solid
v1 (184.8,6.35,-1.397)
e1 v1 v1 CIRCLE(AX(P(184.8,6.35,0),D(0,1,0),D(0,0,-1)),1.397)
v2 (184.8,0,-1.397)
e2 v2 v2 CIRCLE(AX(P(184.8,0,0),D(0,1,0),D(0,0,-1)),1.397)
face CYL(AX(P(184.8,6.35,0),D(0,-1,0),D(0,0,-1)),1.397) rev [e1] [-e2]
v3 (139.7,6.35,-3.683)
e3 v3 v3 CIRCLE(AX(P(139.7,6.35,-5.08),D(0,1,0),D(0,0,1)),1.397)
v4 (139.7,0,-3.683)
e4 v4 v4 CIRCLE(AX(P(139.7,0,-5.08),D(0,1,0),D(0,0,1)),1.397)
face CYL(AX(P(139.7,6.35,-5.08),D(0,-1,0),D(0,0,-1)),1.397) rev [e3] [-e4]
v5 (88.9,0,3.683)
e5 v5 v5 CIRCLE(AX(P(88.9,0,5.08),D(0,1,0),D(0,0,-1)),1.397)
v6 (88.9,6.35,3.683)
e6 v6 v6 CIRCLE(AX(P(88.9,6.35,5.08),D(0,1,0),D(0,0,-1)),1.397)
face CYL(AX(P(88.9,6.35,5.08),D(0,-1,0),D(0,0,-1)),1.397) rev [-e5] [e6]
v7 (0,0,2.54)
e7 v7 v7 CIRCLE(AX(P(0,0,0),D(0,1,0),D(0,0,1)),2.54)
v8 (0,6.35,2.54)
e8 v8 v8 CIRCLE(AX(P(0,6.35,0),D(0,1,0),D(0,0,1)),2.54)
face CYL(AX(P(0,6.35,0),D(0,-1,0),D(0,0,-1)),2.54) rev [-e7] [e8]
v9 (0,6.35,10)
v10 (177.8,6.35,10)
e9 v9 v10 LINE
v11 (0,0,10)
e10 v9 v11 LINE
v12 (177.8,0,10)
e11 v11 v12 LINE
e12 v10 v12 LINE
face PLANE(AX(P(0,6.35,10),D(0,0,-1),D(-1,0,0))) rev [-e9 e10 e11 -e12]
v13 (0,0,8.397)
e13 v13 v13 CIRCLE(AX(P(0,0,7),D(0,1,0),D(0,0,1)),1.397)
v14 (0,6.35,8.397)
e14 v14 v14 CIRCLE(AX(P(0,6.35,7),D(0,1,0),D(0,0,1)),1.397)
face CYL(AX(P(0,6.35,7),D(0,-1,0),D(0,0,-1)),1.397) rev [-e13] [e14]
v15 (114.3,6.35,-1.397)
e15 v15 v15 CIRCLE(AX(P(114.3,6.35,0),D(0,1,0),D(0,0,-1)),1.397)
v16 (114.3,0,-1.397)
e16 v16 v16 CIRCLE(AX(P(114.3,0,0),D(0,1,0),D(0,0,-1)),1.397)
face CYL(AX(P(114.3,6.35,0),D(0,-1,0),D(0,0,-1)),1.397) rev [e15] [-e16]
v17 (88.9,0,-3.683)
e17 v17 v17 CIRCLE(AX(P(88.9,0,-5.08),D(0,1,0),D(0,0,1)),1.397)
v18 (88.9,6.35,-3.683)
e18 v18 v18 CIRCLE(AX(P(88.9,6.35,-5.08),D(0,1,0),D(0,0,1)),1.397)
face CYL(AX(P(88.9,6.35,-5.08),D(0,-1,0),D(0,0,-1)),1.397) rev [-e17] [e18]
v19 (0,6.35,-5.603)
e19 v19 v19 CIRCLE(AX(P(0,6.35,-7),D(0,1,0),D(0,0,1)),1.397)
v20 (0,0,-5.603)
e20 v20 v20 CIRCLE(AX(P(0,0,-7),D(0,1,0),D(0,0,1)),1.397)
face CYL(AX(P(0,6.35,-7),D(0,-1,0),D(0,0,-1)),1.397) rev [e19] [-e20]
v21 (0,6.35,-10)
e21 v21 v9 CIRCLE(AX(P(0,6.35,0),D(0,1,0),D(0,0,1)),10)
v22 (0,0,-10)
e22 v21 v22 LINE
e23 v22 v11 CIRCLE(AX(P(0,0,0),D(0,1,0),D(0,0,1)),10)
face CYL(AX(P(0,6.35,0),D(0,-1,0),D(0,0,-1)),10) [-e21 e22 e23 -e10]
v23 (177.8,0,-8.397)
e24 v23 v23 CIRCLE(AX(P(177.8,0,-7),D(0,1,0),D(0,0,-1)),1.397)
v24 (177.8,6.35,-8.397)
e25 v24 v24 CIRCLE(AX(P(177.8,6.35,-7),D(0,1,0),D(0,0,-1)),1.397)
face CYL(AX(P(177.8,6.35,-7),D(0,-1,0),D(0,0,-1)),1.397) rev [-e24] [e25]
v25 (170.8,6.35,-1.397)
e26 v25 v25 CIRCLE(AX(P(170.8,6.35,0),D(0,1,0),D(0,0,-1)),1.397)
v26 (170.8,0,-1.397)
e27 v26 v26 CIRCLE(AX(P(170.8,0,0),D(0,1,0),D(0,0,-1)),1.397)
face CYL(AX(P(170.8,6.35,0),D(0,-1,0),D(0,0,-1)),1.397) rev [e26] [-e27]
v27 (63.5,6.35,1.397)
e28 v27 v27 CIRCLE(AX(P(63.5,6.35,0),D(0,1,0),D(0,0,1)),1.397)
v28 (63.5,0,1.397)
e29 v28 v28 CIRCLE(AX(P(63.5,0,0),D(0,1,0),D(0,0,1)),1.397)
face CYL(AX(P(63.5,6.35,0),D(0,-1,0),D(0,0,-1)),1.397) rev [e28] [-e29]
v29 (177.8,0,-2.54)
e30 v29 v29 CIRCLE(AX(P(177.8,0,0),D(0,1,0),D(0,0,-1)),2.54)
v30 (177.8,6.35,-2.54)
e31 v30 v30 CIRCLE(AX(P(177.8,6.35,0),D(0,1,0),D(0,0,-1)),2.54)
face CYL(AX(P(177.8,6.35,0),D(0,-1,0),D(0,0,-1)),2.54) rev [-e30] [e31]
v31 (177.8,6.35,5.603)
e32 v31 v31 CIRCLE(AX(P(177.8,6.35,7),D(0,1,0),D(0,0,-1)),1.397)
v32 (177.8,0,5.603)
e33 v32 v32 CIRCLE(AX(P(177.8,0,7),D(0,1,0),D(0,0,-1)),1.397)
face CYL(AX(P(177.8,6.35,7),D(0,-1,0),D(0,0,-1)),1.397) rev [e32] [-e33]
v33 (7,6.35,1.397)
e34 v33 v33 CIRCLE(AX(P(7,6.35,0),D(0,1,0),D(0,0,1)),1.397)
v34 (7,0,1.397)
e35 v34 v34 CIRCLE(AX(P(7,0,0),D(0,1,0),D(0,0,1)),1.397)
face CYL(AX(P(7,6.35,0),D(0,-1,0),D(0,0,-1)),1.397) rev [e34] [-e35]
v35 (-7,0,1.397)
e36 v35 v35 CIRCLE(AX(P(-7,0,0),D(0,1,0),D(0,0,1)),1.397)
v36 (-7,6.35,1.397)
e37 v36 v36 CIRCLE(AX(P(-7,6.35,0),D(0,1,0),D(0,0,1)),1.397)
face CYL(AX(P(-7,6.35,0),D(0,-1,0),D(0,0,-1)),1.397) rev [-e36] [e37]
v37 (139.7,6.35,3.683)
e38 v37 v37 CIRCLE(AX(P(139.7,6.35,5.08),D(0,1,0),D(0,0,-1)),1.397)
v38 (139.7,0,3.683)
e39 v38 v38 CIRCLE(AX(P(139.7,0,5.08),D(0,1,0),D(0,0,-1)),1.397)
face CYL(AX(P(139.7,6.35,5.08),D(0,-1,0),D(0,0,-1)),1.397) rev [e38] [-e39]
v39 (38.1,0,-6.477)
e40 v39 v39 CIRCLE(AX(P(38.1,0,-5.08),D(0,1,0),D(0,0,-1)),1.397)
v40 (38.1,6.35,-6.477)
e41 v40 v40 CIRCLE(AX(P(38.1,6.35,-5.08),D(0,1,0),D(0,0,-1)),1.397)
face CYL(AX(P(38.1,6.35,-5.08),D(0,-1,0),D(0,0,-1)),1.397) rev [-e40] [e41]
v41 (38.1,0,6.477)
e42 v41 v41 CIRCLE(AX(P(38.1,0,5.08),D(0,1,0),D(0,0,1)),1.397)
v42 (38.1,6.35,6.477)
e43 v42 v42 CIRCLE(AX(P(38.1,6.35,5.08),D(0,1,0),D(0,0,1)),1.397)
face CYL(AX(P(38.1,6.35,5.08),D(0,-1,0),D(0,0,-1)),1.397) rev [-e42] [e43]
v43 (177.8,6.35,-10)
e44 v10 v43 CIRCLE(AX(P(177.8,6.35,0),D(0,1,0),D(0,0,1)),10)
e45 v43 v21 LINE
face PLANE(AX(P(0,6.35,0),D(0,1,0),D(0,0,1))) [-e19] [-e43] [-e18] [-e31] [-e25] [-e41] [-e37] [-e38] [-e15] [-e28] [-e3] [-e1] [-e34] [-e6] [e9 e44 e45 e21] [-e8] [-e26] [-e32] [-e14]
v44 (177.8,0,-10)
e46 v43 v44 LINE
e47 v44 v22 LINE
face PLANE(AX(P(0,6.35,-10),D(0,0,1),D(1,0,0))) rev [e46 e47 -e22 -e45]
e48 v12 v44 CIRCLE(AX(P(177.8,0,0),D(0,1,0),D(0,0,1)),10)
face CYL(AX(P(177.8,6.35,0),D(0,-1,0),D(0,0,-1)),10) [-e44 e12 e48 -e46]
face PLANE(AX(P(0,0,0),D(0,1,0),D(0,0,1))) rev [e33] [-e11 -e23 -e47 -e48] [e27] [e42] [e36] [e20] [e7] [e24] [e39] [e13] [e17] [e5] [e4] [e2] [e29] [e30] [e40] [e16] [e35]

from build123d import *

# Parameters (mm, degrees)
SKETCH1_R           = 1.397
SKETCH1_R_2         = 2.54
BOSS_EXTRUDE1_DEPTH = 6.35


with BuildPart() as part:
    # Sketch1 → Boss-Extrude1 (new body)
    with BuildSketch(Plane(origin=(0, 0, 0), x_dir=(1, 0, 0), z_dir=(0, 1, 0))):
        with BuildLine():
            Line((0, 10), (177.8, 10))
            ThreePointArc((177.8, 10), (187.8, 0), (177.8, -10))
            Line((177.8, -10), (0, -10))
            ThreePointArc((0, -10), (-10, 0), (0, 10))
        make_face()
        with Locations(Location((-7, 0, 0), (0, 0, 270))):
            Circle(SKETCH1_R, mode=Mode.SUBTRACT)
        with Locations(Location((0, 0, 0), (0, 0, 270))):
            Circle(SKETCH1_R_2, mode=Mode.SUBTRACT)
        with Locations(Location((0, 7, 0), (0, 0, 270))):
            Circle(SKETCH1_R, mode=Mode.SUBTRACT)
        with Locations(Location((7, 0, 0), (0, 0, 270))):
            Circle(SKETCH1_R, mode=Mode.SUBTRACT)
        with Locations(Location((0, -7, 0), (0, 0, 270))):
            Circle(SKETCH1_R, mode=Mode.SUBTRACT)
        with Locations(Location((177.8, 7, 0), (0, 0, 90))):
            Circle(SKETCH1_R, mode=Mode.SUBTRACT)
        with Locations(Location((184.8, 0, 0), (0, 0, 90))):
            Circle(SKETCH1_R, mode=Mode.SUBTRACT)
        with Locations(Location((177.8, -7, 0), (0, 0, 90))):
            Circle(SKETCH1_R, mode=Mode.SUBTRACT)
        with Locations(Location((177.8, 0, 0), (0, 0, 90))):
            Circle(SKETCH1_R_2, mode=Mode.SUBTRACT)
        with Locations(Location((170.8, 0, 0), (0, 0, 90))):
            Circle(SKETCH1_R, mode=Mode.SUBTRACT)
        with Locations(Location((88.9, 5.08, 0), (0, 0, 270))):
            Circle(SKETCH1_R, mode=Mode.SUBTRACT)
        with Locations(Location((88.9, -5.08, 0), (0, 0, 90))):
            Circle(SKETCH1_R, mode=Mode.SUBTRACT)
        with Locations(Location((63.5, 0, 0), (0, 0, 270))):
            Circle(SKETCH1_R, mode=Mode.SUBTRACT)
        with Locations(Location((38.1, 5.08, 0), (0, 0, 90))):
            Circle(SKETCH1_R, mode=Mode.SUBTRACT)
        with Locations(Location((38.1, -5.08, 0), (0, 0, 270))):
            Circle(SKETCH1_R, mode=Mode.SUBTRACT)
        with Locations(Location((114.3, 0, 0), (0, 0, 90))):
            Circle(SKETCH1_R, mode=Mode.SUBTRACT)
        with Locations(Location((139.7, 5.08, 0), (0, 0, 270))):
            Circle(SKETCH1_R, mode=Mode.SUBTRACT)
        with Locations(Location((139.7, -5.08, 0), (0, 0, 90))):
            Circle(SKETCH1_R, mode=Mode.SUBTRACT)
    extrude(amount=BOSS_EXTRUDE1_DEPTH)


solid = part.part
